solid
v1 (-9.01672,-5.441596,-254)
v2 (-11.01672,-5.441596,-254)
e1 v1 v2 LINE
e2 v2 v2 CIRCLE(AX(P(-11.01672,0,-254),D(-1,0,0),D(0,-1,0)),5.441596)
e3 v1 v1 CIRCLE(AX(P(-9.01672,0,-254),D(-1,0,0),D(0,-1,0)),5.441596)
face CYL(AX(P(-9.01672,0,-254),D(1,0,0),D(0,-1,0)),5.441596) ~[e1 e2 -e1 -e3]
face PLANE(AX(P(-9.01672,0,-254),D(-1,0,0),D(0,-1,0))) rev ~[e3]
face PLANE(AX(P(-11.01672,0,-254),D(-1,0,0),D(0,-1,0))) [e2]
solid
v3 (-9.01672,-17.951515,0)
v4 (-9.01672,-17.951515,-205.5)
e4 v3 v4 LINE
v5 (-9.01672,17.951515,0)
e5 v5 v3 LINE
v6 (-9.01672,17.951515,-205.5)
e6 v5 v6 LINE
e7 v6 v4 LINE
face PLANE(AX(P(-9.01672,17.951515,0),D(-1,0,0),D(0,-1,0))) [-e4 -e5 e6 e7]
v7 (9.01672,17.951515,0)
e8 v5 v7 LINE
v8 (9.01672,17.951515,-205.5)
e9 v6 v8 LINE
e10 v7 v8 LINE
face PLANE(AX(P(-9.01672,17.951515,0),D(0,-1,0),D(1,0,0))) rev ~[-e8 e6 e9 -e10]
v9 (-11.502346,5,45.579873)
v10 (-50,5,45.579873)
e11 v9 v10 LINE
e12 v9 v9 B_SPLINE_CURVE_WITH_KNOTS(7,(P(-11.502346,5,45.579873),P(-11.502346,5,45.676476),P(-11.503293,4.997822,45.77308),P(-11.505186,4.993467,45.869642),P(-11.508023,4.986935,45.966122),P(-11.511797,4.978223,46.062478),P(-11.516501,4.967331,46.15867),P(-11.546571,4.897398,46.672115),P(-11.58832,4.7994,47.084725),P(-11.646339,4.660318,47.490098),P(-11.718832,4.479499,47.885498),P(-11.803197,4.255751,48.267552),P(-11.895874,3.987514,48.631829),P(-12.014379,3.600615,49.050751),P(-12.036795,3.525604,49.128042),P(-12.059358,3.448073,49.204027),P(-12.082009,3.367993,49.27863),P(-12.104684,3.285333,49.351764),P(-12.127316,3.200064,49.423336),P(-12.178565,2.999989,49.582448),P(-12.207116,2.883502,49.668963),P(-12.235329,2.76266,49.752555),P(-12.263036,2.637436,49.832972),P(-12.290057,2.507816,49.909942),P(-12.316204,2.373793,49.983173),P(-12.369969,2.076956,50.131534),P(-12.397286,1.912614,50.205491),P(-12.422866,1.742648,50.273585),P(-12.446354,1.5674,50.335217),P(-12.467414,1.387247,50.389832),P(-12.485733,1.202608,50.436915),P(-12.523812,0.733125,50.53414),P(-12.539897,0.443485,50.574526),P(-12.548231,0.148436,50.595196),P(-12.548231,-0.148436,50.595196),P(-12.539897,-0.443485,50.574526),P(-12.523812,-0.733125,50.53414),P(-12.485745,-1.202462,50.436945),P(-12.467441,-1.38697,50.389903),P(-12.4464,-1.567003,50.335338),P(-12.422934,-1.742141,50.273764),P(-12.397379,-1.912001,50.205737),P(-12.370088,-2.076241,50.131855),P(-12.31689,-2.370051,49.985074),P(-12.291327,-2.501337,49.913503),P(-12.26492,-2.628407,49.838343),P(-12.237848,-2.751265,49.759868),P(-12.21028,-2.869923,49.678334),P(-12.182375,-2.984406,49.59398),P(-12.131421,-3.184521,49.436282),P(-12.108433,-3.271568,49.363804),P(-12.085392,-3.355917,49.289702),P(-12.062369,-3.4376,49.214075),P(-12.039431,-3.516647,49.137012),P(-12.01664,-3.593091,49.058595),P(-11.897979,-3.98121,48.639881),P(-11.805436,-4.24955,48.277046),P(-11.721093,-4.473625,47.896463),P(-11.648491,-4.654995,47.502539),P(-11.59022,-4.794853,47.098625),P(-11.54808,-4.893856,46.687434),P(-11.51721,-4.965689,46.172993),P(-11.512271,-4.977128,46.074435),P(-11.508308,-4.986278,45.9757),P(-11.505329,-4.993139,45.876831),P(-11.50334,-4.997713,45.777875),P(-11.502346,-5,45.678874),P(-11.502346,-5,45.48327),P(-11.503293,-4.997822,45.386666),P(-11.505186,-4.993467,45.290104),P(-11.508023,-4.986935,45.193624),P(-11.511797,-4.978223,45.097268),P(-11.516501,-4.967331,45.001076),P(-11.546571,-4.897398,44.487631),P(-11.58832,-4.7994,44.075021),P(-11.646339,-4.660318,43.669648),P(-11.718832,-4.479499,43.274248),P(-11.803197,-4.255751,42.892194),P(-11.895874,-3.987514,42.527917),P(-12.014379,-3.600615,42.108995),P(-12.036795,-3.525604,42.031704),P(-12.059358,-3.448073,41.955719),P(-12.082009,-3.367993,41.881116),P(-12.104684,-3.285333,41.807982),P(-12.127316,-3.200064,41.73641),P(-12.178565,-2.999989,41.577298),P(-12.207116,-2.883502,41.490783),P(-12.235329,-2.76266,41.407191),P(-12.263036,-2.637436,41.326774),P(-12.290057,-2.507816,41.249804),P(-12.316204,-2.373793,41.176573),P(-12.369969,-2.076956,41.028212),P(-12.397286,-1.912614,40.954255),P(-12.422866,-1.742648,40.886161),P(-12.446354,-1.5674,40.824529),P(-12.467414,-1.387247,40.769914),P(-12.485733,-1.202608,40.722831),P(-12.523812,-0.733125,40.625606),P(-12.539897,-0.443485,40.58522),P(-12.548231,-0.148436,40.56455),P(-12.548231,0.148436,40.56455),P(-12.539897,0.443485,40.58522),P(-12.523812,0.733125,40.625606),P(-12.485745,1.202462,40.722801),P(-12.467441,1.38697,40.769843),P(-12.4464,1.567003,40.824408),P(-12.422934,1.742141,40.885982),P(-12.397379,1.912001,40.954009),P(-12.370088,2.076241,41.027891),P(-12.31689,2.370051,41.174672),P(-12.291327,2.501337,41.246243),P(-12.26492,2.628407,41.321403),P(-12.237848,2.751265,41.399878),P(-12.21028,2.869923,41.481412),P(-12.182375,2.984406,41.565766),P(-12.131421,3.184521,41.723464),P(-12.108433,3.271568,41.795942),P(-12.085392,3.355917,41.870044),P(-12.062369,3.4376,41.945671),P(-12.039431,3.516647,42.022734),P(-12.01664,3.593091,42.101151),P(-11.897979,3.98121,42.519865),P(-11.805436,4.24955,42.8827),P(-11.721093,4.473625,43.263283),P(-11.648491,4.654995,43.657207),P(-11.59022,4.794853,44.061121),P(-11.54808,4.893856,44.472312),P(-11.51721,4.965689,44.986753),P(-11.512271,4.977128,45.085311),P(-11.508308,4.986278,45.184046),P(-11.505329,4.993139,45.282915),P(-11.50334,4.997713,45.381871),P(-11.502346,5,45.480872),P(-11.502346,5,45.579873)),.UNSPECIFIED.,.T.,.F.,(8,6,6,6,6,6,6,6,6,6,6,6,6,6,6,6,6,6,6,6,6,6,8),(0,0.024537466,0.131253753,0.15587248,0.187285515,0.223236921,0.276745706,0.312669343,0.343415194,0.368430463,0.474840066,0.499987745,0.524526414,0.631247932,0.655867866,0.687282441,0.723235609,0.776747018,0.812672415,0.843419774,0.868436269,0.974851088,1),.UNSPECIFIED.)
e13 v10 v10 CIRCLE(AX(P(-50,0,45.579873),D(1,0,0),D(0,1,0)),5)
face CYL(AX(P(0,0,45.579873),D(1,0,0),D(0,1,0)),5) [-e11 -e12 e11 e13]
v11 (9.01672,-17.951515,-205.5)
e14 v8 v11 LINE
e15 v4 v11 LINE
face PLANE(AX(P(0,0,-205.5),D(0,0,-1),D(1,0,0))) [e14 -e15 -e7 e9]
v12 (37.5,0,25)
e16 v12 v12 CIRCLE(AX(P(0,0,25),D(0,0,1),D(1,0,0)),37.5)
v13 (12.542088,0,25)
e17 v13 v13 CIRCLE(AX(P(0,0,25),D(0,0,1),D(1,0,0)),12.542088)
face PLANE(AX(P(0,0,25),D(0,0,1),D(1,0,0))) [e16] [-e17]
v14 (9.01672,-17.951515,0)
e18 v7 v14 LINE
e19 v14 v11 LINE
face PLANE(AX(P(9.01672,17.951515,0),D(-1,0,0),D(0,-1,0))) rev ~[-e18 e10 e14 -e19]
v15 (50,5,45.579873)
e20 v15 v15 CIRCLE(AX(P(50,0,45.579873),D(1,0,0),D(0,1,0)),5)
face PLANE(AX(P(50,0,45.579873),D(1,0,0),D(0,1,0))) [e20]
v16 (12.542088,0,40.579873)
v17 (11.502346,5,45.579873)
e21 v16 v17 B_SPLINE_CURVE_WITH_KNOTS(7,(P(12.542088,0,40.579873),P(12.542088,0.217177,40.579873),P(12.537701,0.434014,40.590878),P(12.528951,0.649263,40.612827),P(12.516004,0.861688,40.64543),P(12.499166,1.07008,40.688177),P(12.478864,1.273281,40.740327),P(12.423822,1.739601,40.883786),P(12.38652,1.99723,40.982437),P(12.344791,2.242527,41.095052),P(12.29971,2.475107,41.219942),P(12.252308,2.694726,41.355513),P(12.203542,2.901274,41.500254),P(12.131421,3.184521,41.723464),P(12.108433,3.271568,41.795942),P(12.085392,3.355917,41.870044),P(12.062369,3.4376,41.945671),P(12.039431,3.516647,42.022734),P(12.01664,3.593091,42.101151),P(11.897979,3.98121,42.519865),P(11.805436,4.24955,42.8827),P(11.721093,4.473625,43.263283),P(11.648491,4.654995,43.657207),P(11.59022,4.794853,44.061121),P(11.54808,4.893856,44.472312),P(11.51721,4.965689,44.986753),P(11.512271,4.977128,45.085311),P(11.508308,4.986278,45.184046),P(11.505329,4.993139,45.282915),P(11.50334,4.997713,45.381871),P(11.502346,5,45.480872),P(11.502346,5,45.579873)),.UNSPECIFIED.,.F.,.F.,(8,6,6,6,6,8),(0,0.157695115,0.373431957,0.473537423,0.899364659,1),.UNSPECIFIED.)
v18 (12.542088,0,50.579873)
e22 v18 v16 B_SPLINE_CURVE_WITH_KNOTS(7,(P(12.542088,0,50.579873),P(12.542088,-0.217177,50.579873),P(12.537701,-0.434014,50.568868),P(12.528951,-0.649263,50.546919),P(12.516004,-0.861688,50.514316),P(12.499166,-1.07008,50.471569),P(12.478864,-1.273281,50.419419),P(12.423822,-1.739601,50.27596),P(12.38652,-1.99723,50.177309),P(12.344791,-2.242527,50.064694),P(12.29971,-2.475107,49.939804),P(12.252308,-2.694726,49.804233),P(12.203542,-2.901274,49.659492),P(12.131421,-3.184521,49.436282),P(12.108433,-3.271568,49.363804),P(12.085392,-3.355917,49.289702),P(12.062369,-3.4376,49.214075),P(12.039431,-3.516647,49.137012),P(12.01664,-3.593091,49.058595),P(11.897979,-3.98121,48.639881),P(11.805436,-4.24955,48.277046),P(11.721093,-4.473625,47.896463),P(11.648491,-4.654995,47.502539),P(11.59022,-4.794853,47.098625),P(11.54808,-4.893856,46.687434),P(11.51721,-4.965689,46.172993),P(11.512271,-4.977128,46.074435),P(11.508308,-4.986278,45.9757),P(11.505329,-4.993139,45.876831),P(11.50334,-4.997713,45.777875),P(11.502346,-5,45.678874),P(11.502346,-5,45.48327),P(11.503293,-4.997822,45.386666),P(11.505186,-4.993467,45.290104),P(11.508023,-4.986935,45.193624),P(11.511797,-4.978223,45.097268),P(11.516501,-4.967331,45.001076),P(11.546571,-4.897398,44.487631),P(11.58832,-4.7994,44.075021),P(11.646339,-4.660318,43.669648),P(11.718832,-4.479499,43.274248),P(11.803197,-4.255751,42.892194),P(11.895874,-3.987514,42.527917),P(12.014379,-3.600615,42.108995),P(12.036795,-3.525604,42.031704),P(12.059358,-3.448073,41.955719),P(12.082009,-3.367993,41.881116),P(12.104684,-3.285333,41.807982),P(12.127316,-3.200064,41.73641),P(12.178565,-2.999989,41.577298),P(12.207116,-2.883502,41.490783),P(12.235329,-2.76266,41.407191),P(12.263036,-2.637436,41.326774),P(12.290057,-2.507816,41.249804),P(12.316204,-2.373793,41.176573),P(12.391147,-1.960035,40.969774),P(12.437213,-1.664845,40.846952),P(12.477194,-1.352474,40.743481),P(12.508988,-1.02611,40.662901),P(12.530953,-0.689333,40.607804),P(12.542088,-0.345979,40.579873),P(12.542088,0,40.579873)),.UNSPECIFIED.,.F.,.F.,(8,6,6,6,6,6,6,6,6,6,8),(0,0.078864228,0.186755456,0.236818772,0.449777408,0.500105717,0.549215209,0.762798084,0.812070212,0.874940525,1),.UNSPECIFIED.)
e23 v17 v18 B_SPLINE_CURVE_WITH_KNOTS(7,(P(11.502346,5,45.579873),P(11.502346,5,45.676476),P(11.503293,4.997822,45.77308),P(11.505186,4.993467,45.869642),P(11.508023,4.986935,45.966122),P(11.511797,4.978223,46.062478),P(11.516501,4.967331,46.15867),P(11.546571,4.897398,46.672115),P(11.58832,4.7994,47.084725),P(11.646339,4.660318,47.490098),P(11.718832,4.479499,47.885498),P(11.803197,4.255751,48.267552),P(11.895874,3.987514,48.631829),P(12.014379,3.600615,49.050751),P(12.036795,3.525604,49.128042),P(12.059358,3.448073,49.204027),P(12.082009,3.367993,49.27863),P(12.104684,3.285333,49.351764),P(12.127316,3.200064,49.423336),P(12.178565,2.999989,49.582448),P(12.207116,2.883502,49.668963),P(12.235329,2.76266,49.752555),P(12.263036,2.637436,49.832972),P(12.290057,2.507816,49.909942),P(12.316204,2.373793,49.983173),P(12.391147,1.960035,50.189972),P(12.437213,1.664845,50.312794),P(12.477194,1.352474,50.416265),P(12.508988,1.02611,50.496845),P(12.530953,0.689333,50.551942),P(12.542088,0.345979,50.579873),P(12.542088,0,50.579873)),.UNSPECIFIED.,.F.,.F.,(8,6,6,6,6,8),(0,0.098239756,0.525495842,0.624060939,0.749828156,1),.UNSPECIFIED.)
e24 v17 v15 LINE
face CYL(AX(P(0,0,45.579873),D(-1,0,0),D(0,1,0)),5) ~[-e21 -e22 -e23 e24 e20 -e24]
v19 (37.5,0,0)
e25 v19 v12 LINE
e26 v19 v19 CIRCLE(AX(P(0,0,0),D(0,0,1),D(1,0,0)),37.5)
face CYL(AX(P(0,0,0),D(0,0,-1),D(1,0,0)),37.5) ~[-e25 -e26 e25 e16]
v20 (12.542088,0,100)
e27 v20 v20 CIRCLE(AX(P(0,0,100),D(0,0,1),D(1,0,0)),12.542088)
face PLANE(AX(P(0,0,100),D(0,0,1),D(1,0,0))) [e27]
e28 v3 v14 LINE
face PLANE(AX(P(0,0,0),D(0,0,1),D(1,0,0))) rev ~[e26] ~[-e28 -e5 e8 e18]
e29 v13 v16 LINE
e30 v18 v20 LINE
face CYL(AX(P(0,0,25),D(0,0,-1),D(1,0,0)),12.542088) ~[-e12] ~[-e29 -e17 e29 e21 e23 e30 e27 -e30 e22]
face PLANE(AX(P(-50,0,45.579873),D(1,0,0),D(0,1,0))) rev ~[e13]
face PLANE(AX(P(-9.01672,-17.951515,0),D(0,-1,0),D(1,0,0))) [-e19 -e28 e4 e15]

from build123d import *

# Parameters (mm, degrees)
F0_R      = 37.5
F1_DEPTH  = 25
F2_W      = 18.03344
F2_H      = 35.90303
F3_DEPTH  = 205.5
F4_R      = 5.441596
F5_DEPTH  = 2
F6_R      = 12.542088
F7_DEPTH  = 75
F8_R      = 5
F9_DEPTH  = 50
F10_DEPTH = 50


with BuildPart() as f1:
    # F0 (on Top) → F1 (new body)
    with BuildSketch(Plane.XY):
        Circle(F0_R)
    extrude(amount=F1_DEPTH)

    # F2 (on face) → F3 (join)
    with BuildSketch(Plane(origin=(0, 0, 0), x_dir=(1, 0, 0), z_dir=(0, 0, -1))):
        Rectangle(F2_W, F2_H)
    extrude(amount=F3_DEPTH)

    # F6 (on face) → F7 (join)
    with BuildSketch(Plane.XY.offset(25)):
        Circle(F6_R)
    extrude(amount=F7_DEPTH)

    # F8 (on Right) → F9 (join)
    with BuildSketch(Plane.YZ):
        with Locations((0, 45.579873)):
            Circle(F8_R)
    extrude(amount=F9_DEPTH)

    # F8 (on Right) → F10 (join)
    with BuildSketch(Plane.YZ):
        with Locations((0, 45.579873)):
            Circle(F8_R)
    extrude(amount=-F10_DEPTH)


with BuildPart() as f5:
    # F4 (on face) → F5 (new body)
    with BuildSketch(Plane(origin=(-9.01672, 0, 0), x_dir=(0, -1, 0), z_dir=(-1, 0, 0))):
        with Locations((0, -254)):
            Circle(F4_R)
    extrude(amount=F5_DEPTH)


solid = Compound([f1.part, f5.part])
